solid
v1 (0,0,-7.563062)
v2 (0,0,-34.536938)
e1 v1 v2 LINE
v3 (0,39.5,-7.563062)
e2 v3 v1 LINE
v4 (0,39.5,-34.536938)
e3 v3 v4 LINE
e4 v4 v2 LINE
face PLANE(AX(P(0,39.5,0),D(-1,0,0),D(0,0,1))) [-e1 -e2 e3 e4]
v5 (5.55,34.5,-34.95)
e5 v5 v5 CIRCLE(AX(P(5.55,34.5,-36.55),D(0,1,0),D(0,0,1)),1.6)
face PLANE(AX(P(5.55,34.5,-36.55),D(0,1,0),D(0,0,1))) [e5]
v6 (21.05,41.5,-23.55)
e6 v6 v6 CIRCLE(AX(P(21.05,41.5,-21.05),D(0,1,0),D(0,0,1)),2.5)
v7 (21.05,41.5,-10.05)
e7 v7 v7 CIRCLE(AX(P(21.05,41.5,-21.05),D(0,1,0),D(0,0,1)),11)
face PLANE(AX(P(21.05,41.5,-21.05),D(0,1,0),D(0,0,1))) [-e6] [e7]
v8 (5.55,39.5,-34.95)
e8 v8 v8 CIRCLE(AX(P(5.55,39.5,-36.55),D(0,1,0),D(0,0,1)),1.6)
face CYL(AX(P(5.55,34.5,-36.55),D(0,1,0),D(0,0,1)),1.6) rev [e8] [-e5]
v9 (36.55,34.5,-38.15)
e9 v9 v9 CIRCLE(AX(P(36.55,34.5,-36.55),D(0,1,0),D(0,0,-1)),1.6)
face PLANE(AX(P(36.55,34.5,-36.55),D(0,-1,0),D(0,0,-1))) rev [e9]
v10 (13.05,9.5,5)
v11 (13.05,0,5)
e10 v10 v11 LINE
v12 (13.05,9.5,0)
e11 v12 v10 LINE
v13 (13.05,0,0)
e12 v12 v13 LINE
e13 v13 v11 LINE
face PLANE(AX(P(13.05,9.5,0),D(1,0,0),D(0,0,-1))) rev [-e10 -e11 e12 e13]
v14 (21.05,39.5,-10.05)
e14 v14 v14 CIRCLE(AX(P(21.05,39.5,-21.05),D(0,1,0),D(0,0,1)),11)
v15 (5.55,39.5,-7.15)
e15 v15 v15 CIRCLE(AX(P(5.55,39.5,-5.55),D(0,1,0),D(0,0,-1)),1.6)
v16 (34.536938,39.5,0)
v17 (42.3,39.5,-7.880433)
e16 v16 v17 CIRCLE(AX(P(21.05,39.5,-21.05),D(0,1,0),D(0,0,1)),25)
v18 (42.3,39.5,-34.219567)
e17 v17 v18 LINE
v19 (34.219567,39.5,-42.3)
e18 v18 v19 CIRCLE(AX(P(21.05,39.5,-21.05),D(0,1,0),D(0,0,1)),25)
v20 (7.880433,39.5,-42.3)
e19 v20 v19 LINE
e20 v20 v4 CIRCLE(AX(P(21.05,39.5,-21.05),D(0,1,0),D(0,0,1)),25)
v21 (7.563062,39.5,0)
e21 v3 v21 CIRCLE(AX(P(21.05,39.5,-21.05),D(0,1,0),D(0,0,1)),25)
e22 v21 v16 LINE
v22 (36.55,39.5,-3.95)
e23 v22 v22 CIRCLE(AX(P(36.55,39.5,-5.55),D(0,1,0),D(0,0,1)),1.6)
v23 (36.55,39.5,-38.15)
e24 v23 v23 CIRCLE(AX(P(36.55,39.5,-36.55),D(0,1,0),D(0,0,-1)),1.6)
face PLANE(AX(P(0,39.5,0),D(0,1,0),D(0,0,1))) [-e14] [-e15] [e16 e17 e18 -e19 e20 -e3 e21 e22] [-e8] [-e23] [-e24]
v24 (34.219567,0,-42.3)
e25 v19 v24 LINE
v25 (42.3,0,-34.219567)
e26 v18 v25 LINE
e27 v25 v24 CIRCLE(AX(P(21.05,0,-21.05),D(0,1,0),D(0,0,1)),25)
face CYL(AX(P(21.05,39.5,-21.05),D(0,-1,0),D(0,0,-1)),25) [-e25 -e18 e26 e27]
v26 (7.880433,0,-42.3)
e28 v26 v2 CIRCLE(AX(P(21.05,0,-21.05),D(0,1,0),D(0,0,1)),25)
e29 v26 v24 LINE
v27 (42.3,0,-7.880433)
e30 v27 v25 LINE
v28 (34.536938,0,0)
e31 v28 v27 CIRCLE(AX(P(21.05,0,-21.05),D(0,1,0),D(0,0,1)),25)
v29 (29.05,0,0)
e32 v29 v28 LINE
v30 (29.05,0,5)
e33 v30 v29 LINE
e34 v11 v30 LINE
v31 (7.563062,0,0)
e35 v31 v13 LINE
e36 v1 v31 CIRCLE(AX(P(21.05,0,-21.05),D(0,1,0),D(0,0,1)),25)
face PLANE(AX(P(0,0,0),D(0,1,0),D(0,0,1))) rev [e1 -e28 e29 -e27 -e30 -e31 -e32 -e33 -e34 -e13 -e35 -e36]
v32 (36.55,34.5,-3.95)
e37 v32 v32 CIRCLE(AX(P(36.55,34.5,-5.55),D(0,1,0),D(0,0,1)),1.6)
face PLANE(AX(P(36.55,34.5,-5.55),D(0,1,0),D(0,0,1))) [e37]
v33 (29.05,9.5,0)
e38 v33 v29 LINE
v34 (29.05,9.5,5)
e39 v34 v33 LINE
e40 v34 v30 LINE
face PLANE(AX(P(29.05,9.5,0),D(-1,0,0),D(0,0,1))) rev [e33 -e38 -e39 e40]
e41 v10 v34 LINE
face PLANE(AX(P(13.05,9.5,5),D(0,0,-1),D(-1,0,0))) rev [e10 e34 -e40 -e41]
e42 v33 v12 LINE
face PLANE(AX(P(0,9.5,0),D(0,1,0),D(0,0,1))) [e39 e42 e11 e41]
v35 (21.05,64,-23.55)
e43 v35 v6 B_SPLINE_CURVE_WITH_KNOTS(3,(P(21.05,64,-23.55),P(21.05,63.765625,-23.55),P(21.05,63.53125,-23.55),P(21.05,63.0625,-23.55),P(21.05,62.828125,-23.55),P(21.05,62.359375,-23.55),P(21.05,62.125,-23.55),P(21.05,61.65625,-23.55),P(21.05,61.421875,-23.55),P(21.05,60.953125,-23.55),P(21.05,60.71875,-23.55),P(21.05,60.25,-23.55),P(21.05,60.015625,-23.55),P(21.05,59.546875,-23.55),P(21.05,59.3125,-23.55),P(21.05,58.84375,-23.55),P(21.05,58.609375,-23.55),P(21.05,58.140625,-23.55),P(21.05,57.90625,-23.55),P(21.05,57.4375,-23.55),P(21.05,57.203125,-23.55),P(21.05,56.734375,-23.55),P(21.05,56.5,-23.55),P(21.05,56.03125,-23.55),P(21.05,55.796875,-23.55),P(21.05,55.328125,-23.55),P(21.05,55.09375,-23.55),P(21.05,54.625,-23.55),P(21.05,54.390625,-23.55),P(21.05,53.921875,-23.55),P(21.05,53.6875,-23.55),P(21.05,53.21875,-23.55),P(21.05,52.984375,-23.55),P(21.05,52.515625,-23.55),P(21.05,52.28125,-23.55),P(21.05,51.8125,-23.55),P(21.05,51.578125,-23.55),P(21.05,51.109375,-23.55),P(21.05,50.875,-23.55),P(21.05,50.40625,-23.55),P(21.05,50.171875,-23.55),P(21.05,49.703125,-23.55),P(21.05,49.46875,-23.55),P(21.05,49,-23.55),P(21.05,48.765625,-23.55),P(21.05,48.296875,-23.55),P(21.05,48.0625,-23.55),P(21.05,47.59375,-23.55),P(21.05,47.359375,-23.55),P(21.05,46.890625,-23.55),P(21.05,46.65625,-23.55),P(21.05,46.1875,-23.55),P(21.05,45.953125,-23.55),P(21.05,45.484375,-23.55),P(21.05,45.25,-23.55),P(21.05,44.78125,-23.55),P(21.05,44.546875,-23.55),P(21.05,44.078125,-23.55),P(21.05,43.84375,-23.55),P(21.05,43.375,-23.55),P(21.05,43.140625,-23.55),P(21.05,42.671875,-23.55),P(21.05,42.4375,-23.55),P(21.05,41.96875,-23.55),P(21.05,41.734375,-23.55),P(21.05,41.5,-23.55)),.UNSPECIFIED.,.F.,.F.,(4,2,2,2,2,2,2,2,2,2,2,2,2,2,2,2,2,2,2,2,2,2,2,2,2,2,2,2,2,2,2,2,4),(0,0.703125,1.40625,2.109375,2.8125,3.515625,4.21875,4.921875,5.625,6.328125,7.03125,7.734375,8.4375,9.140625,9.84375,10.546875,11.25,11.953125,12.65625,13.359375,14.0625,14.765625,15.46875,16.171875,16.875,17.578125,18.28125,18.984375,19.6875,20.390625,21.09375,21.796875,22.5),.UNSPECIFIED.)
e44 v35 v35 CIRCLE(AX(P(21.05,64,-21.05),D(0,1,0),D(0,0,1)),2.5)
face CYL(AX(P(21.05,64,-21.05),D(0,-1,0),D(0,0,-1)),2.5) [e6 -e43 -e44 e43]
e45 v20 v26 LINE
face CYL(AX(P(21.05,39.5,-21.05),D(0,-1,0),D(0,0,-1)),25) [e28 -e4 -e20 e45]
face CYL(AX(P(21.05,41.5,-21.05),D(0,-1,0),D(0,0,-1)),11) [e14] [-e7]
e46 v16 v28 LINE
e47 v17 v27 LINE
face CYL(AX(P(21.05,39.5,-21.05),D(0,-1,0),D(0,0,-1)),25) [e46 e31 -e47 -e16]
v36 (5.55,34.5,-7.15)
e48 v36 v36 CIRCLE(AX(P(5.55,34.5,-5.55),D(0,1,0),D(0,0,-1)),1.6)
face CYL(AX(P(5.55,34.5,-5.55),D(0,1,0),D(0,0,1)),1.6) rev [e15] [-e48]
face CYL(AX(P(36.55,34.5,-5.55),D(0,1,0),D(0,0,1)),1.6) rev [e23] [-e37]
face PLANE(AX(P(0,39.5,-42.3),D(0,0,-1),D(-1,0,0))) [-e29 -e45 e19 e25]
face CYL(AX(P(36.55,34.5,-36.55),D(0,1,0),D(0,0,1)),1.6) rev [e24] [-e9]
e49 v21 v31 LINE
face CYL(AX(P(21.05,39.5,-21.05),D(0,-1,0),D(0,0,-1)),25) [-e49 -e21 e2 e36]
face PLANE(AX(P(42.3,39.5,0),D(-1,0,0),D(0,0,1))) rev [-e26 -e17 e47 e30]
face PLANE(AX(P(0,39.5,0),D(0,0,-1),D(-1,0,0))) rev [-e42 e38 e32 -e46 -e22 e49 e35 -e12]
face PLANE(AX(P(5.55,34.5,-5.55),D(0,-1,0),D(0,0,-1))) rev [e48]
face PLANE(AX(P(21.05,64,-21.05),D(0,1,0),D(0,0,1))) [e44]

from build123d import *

# Parameters (mm, degrees)
EXTRUDE_1_DEPTH     = 39.5
SKETCH_2_R          = 11
EXTRUDE_2_DEPTH     = 2
SKETCH_3_R          = 2.5
EXTRUDE_3_DEPTH     = 22.5
SKETCH_4_W          = 16
SKETCH_4_H          = 5
EXTRUDE_4_DEPTH     = 9.5
SKETCH_5_R          = 1.6
CUT_EXTRUDE_1_DEPTH = 5


with BuildPart() as part:
    # 草图1 → 凸台-拉伸1 (new body)
    with BuildSketch(Plane(origin=(0, 0, 0), x_dir=(1, 0, 0), z_dir=(0, 1, 0))):
        with BuildLine():
            ThreePointArc((0, 7.563061875), (3.37233047, 3.37233047), (7.563061875, 0))
            Line((7.563061875, 0), (34.536938125, 0))
            ThreePointArc((34.536938125, 0), (38.859801315, 3.505457341), (42.3, 7.880432809))
            Line((42.3, 7.880432809), (42.3, 34.219567191))
            ThreePointArc((42.3, 34.219567191), (38.72766953, 38.72766953), (34.219567191, 42.3))
            Line((34.219567191, 42.3), (7.880432809, 42.3))
            ThreePointArc((7.880432809, 42.3), (3.505457341, 38.859801315), (0, 34.536938125))
            Line((0, 34.536938125), (0, 7.563061875))
        make_face()
    extrude(amount=EXTRUDE_1_DEPTH)

    # 草图2 → 凸台-拉伸2 (add)
    with BuildSketch(Plane(origin=(0, 39.5, 0), x_dir=(1, 0, 0), z_dir=(0, 1, 0))):
        with Locations(Location((21.05, 21.05, 0), (0, 0, 270))):
            Circle(SKETCH_2_R)
    extrude(amount=EXTRUDE_2_DEPTH)

    # 草图3 → 凸台-拉伸3 (add)
    with BuildSketch(Plane(origin=(0, 41.5, 0), x_dir=(1, 0, 0), z_dir=(0, 1, 0))):
        with Locations(Location((21.05, 21.05, 0), (0, 0, 90))):
            Circle(SKETCH_3_R)
    extrude(amount=EXTRUDE_3_DEPTH)

    # 草图4 → 凸台-拉伸4 (add)
    with BuildSketch(Plane(origin=(0, 0, 0), x_dir=(1, 0, 0), z_dir=(0, 1, 0))):
        with Locations((21.05, -2.5)):
            Rectangle(SKETCH_4_W, SKETCH_4_H)
    extrude(amount=EXTRUDE_4_DEPTH)

    # 草图5 → 切除-拉伸1 (cut)
    with BuildSketch(Plane(origin=(0, 39.5, 0), x_dir=(1, 0, 0), z_dir=(0, 1, 0))):
        with Locations(Location((5.55, 36.55, 0), (0, 0, 270))):
            Circle(SKETCH_5_R)
        with Locations(Location((36.55, 36.55, 0), (0, 0, 90))):
            Circle(SKETCH_5_R)
        with Locations(Location((36.55, 5.55, 0), (0, 0, 270))):
            Circle(SKETCH_5_R)
        with Locations(Location((5.55, 5.55, 0), (0, 0, 90))):
            Circle(SKETCH_5_R)
    extrude(amount=-CUT_EXTRUDE_1_DEPTH, mode=Mode.SUBTRACT)


solid = part.part
